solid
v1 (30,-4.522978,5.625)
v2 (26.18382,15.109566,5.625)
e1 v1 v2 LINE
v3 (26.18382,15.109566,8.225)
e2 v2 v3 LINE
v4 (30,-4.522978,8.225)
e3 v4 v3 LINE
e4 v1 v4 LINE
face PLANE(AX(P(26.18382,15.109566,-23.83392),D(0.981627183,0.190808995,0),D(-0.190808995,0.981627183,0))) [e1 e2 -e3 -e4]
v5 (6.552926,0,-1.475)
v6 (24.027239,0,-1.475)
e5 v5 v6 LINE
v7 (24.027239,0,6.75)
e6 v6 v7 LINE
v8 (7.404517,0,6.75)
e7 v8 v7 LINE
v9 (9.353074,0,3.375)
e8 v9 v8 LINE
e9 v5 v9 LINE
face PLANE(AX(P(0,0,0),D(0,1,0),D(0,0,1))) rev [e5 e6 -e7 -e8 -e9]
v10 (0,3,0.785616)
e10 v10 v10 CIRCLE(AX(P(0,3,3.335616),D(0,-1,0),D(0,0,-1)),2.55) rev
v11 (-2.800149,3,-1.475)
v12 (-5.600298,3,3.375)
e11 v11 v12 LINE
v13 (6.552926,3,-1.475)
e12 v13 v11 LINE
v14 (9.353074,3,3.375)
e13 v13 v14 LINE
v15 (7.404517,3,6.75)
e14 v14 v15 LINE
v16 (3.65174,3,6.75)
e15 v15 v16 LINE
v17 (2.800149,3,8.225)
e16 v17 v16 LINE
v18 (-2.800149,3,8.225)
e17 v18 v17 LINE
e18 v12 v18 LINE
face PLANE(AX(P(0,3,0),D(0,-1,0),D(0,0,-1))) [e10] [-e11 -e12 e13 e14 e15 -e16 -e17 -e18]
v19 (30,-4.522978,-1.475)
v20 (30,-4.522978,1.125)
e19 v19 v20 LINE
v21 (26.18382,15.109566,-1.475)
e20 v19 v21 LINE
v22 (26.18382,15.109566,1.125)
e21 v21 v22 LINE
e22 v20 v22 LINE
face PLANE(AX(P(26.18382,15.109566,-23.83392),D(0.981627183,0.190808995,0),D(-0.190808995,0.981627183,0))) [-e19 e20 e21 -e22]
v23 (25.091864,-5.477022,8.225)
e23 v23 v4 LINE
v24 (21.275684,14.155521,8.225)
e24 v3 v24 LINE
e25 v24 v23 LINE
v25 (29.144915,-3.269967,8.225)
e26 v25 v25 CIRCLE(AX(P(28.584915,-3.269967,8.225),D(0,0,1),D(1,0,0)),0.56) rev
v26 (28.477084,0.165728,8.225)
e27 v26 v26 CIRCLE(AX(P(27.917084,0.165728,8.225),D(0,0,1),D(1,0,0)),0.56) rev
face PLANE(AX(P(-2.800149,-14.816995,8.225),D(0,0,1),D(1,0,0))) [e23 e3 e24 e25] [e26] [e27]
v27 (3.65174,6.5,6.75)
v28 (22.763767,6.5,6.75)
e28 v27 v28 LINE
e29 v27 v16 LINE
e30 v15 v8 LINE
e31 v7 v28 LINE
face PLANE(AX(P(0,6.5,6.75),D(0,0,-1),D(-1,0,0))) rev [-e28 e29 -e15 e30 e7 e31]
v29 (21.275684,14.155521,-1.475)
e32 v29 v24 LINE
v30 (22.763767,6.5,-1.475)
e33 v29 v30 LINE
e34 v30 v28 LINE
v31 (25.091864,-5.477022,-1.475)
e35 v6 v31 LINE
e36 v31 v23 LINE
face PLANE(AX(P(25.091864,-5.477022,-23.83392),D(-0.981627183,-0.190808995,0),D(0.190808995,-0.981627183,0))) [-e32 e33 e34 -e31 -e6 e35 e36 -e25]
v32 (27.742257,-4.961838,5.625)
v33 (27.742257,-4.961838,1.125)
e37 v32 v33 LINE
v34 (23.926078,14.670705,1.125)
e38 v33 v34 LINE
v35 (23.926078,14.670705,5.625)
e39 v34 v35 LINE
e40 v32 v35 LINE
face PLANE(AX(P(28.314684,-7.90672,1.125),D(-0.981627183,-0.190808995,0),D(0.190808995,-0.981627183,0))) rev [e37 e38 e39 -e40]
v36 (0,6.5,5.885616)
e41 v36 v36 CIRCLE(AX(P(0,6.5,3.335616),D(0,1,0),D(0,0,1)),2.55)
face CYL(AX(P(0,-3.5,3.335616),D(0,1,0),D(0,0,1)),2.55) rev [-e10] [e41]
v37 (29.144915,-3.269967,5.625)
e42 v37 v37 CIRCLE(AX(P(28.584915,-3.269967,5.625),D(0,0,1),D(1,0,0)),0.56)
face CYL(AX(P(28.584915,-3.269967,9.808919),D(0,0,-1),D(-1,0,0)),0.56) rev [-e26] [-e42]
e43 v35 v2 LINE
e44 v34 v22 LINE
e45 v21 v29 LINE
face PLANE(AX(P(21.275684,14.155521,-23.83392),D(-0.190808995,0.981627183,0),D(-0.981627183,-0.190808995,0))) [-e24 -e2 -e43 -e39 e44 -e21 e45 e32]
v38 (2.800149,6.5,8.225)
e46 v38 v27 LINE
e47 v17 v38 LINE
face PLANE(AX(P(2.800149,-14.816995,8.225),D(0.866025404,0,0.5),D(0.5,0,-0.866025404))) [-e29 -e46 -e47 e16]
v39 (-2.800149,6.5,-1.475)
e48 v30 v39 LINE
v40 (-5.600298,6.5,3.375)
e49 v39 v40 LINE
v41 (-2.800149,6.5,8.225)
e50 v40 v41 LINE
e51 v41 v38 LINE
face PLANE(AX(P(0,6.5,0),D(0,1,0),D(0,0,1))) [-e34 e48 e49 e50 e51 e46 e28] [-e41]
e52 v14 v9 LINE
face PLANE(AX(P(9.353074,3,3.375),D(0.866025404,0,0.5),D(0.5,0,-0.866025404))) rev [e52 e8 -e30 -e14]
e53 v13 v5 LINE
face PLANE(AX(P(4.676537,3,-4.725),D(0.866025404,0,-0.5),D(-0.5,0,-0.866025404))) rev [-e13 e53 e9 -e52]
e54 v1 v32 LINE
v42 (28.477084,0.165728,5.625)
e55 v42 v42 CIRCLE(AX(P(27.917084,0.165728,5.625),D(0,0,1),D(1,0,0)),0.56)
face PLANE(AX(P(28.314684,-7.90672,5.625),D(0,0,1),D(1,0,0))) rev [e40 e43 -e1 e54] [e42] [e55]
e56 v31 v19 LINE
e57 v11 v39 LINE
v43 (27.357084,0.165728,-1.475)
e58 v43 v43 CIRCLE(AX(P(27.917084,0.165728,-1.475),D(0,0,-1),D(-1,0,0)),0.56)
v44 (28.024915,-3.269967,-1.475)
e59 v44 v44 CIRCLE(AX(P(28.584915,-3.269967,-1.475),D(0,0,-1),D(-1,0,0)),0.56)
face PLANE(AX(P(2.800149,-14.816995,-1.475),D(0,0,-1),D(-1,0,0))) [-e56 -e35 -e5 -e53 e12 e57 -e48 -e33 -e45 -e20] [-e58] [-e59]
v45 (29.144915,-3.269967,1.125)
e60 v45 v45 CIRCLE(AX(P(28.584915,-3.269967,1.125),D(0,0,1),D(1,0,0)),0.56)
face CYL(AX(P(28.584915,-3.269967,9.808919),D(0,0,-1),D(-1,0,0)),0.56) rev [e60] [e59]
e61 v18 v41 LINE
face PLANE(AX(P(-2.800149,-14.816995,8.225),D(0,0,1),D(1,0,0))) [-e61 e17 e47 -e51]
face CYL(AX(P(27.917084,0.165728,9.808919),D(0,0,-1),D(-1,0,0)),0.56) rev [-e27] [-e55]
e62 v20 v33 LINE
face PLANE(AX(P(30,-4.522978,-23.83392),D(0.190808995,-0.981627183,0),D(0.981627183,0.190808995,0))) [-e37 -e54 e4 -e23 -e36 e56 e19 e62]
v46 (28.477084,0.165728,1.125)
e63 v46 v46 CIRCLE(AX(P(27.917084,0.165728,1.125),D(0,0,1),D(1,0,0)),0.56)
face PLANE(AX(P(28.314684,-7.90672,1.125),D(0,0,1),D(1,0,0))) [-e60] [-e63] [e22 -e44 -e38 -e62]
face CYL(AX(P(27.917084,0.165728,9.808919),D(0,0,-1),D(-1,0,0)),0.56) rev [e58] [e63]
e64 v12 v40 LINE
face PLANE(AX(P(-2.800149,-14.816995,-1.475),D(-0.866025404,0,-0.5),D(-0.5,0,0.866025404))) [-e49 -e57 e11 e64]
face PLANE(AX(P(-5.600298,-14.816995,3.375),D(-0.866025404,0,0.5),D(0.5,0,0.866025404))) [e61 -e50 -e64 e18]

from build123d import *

# Parameters (mm, degrees)
SKETCH1_W                       = 25
SKETCH1_H                       = 6.75
BOSS_EXTRUDE1_DEPTH             = 6.5
BOSS_EXTRUDE4_DEPTH             = 6.5
BOSS_EXTRUDE3_REACH             = 6.85
BOSS_EXTRUDE3_DIRECTION_2_REACH = 6.85
SKETCH4_W                       = 2.3
SKETCH4_H                       = 4.5
CUT_EXTRUDE1_DEPTH              = 23
SKETCH6_R                       = 2.55
CUT_EXTRUDE2_DEPTH              = 10
BOSS_EXTRUDE5_DEPTH             = 1.475
CUT_EXTRUDE3_DEPTH              = 3
SKETCH9_R                       = 0.56
CUT_EXTRUDE4_DEPTH              = 9.7


with BuildPart() as part:
    # Sketch1 → Boss-Extrude1 (new body)
    with BuildSketch(Plane(origin=(0, 0, 0), x_dir=(1, 0, 0), z_dir=(0, 1, 0))):
        with Locations((12.5, -3.375)):
            Rectangle(SKETCH1_W, SKETCH1_H)
    extrude(amount=BOSS_EXTRUDE1_DEPTH)

    # Sketch5 → Boss-Extrude4 (add)
    with BuildSketch(Plane(origin=(0, 6.5, 0), x_dir=(1, 0, 0), z_dir=(0, 1, 0))):
        Polygon((-5.600297611, -3.375), (-2.800148806, -8.225), (2.800148806, -8.225), (5.600297611, -3.375), (2.800148806, 1.475), (-2.800148806, 1.475), align=None)
    extrude(amount=-BOSS_EXTRUDE4_DEPTH)

    # Boss-Extrude3: up to this face of the body (flat: up to its plane)
    boss_extrude3_end = Plane(part.part.faces().sort_by_distance((0, 3.25, -1.475))[0])
    # Sketch3 → Boss-Extrude3 (add, up to the picked face)
    with BuildSketch(Plane.XY.offset(3.375), mode=Mode.PRIVATE) as boss_extrude3_sk1:
        Polygon((21.275684175, 14.155521181), (26.183820092, 15.109566157), (30, -4.522977512), (25.091864083, -5.477022488), align=None)
    boss_extrude3_tool1 = split(extrude(boss_extrude3_sk1.sketch, amount=-BOSS_EXTRUDE3_REACH, mode=Mode.PRIVATE), bisect_by=boss_extrude3_end, keep=Keep.BOTH, mode=Mode.PRIVATE)
    add(boss_extrude3_tool1.solids().sort_by_distance((25.637842, 4.816272, 3.375))[0])

    # Boss-Extrude3 direction 2: up to this face of the body (flat: up to its plane)
    boss_extrude3_direction_2_end = Plane(part.part.faces().sort_by_distance((0, 3.25, 8.225))[0])
    # Sketch3 → Boss-Extrude3 direction 2 (add, up to the picked face)
    with BuildSketch(Plane.XY.offset(3.375), mode=Mode.PRIVATE) as boss_extrude3_direction_2_sk1:
        Polygon((21.275684175, 14.155521181), (26.183820092, 15.109566157), (30, -4.522977512), (25.091864083, -5.477022488), align=None)
    boss_extrude3_direction_2_tool1 = split(extrude(boss_extrude3_direction_2_sk1.sketch, amount=BOSS_EXTRUDE3_DIRECTION_2_REACH, mode=Mode.PRIVATE), bisect_by=boss_extrude3_direction_2_end, keep=Keep.BOTH, mode=Mode.PRIVATE)
    add(boss_extrude3_direction_2_tool1.solids().sort_by_distance((25.637842, 4.816272, 3.375))[0])

    # Sketch4 → Cut-Extrude1 (cut)
    with BuildSketch(Plane(origin=(-1.876769127, 9.65514015, 0), x_dir=(0.981627183, 0.190808995, 0), z_dir=(-0.190808995, 0.981627183, 0))):
        with Locations((27.435790708, -3.375)):
            Rectangle(SKETCH4_W, SKETCH4_H)
    extrude(amount=-CUT_EXTRUDE1_DEPTH, mode=Mode.SUBTRACT)

    # Sketch6 → Cut-Extrude2 (cut)
    with BuildSketch(Plane(origin=(0, 6.5, 0), x_dir=(1, 0, 0), z_dir=(0, 1, 0))):
        with Locations((0, -3.335615973)):
            Circle(SKETCH6_R)
    extrude(amount=-CUT_EXTRUDE2_DEPTH, mode=Mode.SUBTRACT)

    # Sketch7 → Boss-Extrude5 (add)
    with BuildSketch(Plane(origin=(0, 0, -1.475), x_dir=(-1, 0, 0), z_dir=(0, 0, -1))):
        Polygon((-2.800148806, 0), (-24.027238758, 0), (-25.091864083, -5.477022488), (-30, -4.522977512), (-26.183820092, 15.109566157), (-21.275684175, 14.155521181), (-22.763766749, 6.5), (-2.800148806, 6.5), align=None)
    extrude(amount=-BOSS_EXTRUDE5_DEPTH)

    # Sketch8 → Cut-Extrude3 (cut)
    with BuildSketch(Plane(origin=(0, 0, 0), x_dir=(-1, 0, 0), z_dir=(0, -1, 0))):
        Polygon((-4.67653718, -11.475), (4.67653718, -11.475), (9.353074361, -3.375), (4.67653718, 4.725), (-4.67653718, 4.725), (-9.353074361, -3.375), align=None)
    extrude(amount=-CUT_EXTRUDE3_DEPTH, mode=Mode.SUBTRACT)

    # Sketch9 → Cut-Extrude4 (cut)
    with BuildSketch(Plane(origin=(0, 0, -1.475), x_dir=(-1, 0, 0), z_dir=(0, 0, -1))):
        with Locations((-28.584915246, -3.269967081)):
            Circle(SKETCH9_R)
        with Locations((-27.917083762, 0.165728061)):
            Circle(SKETCH9_R)
    extrude(amount=-CUT_EXTRUDE4_DEPTH, mode=Mode.SUBTRACT)


solid = part.part
